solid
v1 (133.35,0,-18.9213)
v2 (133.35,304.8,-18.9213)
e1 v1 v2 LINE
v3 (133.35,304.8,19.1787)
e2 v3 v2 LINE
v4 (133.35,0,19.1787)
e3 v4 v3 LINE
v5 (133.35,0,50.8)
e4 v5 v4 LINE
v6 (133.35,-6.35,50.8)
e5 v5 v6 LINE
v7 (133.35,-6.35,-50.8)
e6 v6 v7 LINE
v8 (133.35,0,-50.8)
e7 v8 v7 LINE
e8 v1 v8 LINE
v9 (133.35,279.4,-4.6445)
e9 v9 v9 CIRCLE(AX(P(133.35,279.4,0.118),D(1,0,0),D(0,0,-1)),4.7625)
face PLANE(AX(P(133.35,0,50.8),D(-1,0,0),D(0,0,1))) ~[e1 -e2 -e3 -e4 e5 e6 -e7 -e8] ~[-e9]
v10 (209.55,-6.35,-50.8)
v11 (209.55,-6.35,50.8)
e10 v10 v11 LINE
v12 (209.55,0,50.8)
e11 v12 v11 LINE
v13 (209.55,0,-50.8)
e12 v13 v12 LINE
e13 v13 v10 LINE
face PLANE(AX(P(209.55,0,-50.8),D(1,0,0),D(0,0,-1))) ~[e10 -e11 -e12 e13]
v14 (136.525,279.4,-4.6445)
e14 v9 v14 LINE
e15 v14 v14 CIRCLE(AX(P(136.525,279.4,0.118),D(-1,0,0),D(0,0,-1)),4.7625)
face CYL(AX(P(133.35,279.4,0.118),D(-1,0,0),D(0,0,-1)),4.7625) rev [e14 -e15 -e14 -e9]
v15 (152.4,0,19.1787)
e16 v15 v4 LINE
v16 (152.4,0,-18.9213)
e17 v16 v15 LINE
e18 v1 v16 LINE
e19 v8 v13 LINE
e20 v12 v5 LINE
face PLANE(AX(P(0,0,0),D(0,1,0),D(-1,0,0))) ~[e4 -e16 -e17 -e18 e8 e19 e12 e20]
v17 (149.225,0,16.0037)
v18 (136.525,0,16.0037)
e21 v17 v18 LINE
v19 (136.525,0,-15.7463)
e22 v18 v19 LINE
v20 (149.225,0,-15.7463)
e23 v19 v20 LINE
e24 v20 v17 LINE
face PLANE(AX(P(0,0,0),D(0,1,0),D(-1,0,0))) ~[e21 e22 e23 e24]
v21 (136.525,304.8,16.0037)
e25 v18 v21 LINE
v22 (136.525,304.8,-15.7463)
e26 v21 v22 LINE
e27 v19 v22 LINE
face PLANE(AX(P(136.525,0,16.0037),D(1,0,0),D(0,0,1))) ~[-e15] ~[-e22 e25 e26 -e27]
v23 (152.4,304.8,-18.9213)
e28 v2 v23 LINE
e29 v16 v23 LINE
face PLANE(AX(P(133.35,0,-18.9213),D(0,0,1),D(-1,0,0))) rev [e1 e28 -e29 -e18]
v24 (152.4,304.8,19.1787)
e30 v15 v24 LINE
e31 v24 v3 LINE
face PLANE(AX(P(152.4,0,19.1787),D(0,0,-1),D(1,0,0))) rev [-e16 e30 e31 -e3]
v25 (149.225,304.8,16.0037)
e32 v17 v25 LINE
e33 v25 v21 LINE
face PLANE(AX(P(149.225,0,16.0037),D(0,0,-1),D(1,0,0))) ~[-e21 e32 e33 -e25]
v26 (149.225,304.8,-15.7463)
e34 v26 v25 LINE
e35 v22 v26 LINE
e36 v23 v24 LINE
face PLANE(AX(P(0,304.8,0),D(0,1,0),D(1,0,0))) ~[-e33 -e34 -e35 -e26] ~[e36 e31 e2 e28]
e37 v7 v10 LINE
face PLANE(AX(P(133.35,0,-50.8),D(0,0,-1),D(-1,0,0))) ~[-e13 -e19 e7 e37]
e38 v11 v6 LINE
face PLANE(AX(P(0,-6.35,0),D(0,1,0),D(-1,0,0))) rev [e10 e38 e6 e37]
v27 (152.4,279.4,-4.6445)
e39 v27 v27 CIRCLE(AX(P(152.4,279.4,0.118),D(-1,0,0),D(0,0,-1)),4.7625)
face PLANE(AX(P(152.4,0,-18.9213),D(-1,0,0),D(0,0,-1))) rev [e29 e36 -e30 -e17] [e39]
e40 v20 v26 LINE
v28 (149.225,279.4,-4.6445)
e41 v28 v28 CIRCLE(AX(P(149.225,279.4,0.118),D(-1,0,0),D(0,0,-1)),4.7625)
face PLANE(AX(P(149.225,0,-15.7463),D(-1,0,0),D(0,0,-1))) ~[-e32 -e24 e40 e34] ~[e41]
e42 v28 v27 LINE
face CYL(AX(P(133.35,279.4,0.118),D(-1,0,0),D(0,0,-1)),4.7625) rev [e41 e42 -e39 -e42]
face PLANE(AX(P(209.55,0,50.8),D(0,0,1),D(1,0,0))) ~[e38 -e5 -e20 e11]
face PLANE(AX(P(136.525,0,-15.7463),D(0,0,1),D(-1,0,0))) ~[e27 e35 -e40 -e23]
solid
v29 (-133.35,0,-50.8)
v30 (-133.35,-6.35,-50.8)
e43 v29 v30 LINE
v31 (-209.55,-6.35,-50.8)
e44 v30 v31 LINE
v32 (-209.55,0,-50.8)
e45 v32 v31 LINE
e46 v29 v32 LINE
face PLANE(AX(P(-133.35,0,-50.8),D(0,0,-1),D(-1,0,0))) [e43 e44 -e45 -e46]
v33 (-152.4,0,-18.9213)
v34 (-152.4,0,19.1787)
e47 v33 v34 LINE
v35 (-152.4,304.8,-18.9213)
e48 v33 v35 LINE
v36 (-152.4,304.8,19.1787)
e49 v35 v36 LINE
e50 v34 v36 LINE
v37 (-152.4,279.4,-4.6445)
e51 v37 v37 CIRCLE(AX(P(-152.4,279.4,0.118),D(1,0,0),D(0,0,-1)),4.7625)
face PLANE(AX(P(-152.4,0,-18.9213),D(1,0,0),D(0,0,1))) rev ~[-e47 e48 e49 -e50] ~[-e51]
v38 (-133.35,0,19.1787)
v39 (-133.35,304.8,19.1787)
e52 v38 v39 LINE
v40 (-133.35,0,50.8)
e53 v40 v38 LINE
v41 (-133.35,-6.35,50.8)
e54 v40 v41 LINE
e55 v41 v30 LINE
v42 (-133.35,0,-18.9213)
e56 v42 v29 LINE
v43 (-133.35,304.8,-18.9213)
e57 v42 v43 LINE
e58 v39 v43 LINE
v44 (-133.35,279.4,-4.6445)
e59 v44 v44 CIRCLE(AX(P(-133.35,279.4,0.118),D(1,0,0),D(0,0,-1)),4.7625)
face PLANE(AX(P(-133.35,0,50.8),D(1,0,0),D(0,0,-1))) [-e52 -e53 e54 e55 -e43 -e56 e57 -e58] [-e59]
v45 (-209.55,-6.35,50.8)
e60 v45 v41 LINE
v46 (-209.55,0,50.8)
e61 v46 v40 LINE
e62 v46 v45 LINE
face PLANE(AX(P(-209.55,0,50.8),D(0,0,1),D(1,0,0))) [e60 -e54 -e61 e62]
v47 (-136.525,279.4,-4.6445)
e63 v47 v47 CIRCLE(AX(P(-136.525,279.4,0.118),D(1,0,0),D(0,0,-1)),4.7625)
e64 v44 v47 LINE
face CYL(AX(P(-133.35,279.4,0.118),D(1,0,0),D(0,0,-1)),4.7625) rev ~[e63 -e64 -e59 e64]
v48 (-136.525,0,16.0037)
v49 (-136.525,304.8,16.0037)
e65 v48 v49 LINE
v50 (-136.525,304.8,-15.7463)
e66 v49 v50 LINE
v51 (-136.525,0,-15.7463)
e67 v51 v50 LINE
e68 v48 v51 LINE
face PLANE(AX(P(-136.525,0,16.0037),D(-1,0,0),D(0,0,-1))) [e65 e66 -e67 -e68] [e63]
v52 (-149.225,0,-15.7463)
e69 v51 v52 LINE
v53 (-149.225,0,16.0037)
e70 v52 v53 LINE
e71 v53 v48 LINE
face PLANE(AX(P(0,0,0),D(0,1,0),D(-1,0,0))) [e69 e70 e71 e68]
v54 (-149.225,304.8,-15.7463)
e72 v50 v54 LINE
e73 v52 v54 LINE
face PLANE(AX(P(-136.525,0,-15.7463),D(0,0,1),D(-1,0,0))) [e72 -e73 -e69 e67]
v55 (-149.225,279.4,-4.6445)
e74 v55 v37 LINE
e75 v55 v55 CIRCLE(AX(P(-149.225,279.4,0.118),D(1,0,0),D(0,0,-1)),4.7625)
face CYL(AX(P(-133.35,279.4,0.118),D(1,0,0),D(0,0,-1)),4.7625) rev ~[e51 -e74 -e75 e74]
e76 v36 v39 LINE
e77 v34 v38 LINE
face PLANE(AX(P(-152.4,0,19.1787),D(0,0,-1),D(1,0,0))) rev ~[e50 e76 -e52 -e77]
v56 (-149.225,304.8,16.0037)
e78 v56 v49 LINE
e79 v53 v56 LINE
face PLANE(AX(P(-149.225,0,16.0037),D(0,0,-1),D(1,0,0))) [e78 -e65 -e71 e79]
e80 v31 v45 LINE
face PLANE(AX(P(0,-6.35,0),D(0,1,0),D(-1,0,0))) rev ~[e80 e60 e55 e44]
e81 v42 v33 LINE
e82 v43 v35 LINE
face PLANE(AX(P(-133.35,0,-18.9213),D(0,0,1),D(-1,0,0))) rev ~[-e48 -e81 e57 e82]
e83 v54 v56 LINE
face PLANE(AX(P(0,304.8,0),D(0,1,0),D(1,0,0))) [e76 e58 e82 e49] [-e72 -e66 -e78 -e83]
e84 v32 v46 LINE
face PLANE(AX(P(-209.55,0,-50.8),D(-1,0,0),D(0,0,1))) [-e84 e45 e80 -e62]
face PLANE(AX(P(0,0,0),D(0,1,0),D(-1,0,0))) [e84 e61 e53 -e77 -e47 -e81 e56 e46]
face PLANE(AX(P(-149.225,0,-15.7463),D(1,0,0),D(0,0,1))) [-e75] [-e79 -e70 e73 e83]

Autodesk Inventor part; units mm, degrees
ref_plane "YZ Plane" through (0, 0, 0) normal (1, 0, 0) x (0, 1, 0)
ref_plane "XZ Plane" through (0, 0, 0) normal (0, 1, 0) x (-1, 0, 0)
ref_plane "XY Plane" through (0, 0, 0) normal (0, 0, 1) x (1, 0, 0)
sketch "Sketch6" plane through (0, 0, 0) normal (0, 1, 0) x (-1, 0, 0)
  line L0 (209.55, 50.8) -> (133.35, 50.8)
  line L1 (133.35, 50.8) -> (133.35, -50.8)
  line L2 (133.35, -50.8) -> (209.55, -50.8)
  line L3 (209.55, -50.8) -> (209.55, 50.8)
  line L4 (209.55, 50.8) -> (133.35, -50.8) construction
  line L5 (133.35, 50.8) -> (209.55, -50.8) construction
  point P0 (0, 0)
  point P1 (171.45, 0)
  dimension "d19" = 101.6
  dimension "d20" = 76.2
  dimension "d21" = 209.55
extrude "Extrusion5" add sketch "Sketch6" against normal blind 6.35
sketch "Sketch7" plane through (0, 0, 0) normal (0, 1, 0) x (1, 0, 0)
  line L0 (-152.4, -19.1787) -> (-133.35, -19.1787)
  line L1 (-133.35, -19.1787) -> (-133.35, 18.9213)
  line L2 (-133.35, 18.9213) -> (-152.4, 18.9213)
  line L3 (-152.4, 18.9213) -> (-152.4, -19.1787)
  line L4 (-152.4, -19.1787) -> (-133.35, 18.9213) construction
  line L5 (-133.35, -19.1787) -> (-152.4, 18.9213) construction
  line L6 (-149.225, -16.0037) -> (-136.525, -16.0037)
  line L7 (-136.525, -16.0037) -> (-136.525, 15.7463)
  line L8 (-136.525, 15.7463) -> (-149.225, 15.7463)
  line L9 (-149.225, 15.7463) -> (-149.225, -16.0037)
  line L10 (-149.225, -16.0037) -> (-136.525, 15.7463) construction
  line L11 (-136.525, -16.0037) -> (-149.225, 15.7463) construction
  line L12 (-133.35, -50.8) -> (-133.35, 50.8) projected
  point P0 (0, 0)
  point P1 (-142.875, -0.1287)
  dimension "d24" = 19.05
  dimension "d25" = 38.1
  dimension "d26" = 3.175
  dimension "d27" = 3.175
extrude "Extrusion6" add sketch "Sketch7" along normal blind 304.8
sketch "Sketch8" plane through (-133.35, -6.35, 50.8) normal (1, 0, 0) x (0, 0, -1)
  line L0 (50.8, 6.35) -> (50.6713, 311.15) construction
  line L1 (34.7963, 311.15) -> (66.5463, 311.15) construction
  circle A0 centre (50.682, 285.75) radius 4.7625
  line L2 (101.6, 6.35) -> (0, 6.35) projected
  dimension "d30" = 9.525
  dimension "d31" = 279.4
extrude "Extrusion7" cut sketch "Sketch8" against normal through all
mirror "Mirror1" about plane through (0, 0, 0) normal (1, 0, 0) of "Extrusion6", "Extrusion7", "Extrusion5"
equation "\"d19\" = BaseLength"
equation "\"d20\" = baseForArmWidth"
equation "\"d21\" = 0.5 * robotBaseWidth"
equation "\"d22\" = BaseThickness"
equation "\"d24\" = postWidth"
equation "\"d25\" = postLength"
equation "\"d26\" = postThickness"
equation "\"d27\" = postThickness"
equation "\"d28\" = postHeight"
equation "\"d30\" = axelDiam"
equation "\"d31\" = axelHeightAbovePlate"
equation "\"d32\" = postHeight"
equation "\"BaseWidth\" = 95.25"
equation "\"BaseLength\" = 101.6"
equation "\"BaseThickness\" = 6.35"
equation "\"postWidth\" = 19.05"
equation "\"postLength\" = 38.1"
equation "\"postThickness\" = 3.175"
equation "\"postCenterDistanceFromCenterOfBase\" = 38.1"
equation "\"postHeight\" = 304.8"
equation "\"axelDiam\" = 9.525"
equation "\"baseForArmWidth\" = 76.2"
equation "\"robotBaseWidth\" = 419.1"
equation "\"telescopeArmWidth\" = 44.45"
equation "\"postToSupportArmAxelDistanceFromCenter\" = 0.5 * robotBaseWidth - baseForArmWidth"
equation "\"axelHeightAbovePlate\" = 279.4"
properties part number "RearPostForLiftWith2Posts" material "Aluminum 6061"
